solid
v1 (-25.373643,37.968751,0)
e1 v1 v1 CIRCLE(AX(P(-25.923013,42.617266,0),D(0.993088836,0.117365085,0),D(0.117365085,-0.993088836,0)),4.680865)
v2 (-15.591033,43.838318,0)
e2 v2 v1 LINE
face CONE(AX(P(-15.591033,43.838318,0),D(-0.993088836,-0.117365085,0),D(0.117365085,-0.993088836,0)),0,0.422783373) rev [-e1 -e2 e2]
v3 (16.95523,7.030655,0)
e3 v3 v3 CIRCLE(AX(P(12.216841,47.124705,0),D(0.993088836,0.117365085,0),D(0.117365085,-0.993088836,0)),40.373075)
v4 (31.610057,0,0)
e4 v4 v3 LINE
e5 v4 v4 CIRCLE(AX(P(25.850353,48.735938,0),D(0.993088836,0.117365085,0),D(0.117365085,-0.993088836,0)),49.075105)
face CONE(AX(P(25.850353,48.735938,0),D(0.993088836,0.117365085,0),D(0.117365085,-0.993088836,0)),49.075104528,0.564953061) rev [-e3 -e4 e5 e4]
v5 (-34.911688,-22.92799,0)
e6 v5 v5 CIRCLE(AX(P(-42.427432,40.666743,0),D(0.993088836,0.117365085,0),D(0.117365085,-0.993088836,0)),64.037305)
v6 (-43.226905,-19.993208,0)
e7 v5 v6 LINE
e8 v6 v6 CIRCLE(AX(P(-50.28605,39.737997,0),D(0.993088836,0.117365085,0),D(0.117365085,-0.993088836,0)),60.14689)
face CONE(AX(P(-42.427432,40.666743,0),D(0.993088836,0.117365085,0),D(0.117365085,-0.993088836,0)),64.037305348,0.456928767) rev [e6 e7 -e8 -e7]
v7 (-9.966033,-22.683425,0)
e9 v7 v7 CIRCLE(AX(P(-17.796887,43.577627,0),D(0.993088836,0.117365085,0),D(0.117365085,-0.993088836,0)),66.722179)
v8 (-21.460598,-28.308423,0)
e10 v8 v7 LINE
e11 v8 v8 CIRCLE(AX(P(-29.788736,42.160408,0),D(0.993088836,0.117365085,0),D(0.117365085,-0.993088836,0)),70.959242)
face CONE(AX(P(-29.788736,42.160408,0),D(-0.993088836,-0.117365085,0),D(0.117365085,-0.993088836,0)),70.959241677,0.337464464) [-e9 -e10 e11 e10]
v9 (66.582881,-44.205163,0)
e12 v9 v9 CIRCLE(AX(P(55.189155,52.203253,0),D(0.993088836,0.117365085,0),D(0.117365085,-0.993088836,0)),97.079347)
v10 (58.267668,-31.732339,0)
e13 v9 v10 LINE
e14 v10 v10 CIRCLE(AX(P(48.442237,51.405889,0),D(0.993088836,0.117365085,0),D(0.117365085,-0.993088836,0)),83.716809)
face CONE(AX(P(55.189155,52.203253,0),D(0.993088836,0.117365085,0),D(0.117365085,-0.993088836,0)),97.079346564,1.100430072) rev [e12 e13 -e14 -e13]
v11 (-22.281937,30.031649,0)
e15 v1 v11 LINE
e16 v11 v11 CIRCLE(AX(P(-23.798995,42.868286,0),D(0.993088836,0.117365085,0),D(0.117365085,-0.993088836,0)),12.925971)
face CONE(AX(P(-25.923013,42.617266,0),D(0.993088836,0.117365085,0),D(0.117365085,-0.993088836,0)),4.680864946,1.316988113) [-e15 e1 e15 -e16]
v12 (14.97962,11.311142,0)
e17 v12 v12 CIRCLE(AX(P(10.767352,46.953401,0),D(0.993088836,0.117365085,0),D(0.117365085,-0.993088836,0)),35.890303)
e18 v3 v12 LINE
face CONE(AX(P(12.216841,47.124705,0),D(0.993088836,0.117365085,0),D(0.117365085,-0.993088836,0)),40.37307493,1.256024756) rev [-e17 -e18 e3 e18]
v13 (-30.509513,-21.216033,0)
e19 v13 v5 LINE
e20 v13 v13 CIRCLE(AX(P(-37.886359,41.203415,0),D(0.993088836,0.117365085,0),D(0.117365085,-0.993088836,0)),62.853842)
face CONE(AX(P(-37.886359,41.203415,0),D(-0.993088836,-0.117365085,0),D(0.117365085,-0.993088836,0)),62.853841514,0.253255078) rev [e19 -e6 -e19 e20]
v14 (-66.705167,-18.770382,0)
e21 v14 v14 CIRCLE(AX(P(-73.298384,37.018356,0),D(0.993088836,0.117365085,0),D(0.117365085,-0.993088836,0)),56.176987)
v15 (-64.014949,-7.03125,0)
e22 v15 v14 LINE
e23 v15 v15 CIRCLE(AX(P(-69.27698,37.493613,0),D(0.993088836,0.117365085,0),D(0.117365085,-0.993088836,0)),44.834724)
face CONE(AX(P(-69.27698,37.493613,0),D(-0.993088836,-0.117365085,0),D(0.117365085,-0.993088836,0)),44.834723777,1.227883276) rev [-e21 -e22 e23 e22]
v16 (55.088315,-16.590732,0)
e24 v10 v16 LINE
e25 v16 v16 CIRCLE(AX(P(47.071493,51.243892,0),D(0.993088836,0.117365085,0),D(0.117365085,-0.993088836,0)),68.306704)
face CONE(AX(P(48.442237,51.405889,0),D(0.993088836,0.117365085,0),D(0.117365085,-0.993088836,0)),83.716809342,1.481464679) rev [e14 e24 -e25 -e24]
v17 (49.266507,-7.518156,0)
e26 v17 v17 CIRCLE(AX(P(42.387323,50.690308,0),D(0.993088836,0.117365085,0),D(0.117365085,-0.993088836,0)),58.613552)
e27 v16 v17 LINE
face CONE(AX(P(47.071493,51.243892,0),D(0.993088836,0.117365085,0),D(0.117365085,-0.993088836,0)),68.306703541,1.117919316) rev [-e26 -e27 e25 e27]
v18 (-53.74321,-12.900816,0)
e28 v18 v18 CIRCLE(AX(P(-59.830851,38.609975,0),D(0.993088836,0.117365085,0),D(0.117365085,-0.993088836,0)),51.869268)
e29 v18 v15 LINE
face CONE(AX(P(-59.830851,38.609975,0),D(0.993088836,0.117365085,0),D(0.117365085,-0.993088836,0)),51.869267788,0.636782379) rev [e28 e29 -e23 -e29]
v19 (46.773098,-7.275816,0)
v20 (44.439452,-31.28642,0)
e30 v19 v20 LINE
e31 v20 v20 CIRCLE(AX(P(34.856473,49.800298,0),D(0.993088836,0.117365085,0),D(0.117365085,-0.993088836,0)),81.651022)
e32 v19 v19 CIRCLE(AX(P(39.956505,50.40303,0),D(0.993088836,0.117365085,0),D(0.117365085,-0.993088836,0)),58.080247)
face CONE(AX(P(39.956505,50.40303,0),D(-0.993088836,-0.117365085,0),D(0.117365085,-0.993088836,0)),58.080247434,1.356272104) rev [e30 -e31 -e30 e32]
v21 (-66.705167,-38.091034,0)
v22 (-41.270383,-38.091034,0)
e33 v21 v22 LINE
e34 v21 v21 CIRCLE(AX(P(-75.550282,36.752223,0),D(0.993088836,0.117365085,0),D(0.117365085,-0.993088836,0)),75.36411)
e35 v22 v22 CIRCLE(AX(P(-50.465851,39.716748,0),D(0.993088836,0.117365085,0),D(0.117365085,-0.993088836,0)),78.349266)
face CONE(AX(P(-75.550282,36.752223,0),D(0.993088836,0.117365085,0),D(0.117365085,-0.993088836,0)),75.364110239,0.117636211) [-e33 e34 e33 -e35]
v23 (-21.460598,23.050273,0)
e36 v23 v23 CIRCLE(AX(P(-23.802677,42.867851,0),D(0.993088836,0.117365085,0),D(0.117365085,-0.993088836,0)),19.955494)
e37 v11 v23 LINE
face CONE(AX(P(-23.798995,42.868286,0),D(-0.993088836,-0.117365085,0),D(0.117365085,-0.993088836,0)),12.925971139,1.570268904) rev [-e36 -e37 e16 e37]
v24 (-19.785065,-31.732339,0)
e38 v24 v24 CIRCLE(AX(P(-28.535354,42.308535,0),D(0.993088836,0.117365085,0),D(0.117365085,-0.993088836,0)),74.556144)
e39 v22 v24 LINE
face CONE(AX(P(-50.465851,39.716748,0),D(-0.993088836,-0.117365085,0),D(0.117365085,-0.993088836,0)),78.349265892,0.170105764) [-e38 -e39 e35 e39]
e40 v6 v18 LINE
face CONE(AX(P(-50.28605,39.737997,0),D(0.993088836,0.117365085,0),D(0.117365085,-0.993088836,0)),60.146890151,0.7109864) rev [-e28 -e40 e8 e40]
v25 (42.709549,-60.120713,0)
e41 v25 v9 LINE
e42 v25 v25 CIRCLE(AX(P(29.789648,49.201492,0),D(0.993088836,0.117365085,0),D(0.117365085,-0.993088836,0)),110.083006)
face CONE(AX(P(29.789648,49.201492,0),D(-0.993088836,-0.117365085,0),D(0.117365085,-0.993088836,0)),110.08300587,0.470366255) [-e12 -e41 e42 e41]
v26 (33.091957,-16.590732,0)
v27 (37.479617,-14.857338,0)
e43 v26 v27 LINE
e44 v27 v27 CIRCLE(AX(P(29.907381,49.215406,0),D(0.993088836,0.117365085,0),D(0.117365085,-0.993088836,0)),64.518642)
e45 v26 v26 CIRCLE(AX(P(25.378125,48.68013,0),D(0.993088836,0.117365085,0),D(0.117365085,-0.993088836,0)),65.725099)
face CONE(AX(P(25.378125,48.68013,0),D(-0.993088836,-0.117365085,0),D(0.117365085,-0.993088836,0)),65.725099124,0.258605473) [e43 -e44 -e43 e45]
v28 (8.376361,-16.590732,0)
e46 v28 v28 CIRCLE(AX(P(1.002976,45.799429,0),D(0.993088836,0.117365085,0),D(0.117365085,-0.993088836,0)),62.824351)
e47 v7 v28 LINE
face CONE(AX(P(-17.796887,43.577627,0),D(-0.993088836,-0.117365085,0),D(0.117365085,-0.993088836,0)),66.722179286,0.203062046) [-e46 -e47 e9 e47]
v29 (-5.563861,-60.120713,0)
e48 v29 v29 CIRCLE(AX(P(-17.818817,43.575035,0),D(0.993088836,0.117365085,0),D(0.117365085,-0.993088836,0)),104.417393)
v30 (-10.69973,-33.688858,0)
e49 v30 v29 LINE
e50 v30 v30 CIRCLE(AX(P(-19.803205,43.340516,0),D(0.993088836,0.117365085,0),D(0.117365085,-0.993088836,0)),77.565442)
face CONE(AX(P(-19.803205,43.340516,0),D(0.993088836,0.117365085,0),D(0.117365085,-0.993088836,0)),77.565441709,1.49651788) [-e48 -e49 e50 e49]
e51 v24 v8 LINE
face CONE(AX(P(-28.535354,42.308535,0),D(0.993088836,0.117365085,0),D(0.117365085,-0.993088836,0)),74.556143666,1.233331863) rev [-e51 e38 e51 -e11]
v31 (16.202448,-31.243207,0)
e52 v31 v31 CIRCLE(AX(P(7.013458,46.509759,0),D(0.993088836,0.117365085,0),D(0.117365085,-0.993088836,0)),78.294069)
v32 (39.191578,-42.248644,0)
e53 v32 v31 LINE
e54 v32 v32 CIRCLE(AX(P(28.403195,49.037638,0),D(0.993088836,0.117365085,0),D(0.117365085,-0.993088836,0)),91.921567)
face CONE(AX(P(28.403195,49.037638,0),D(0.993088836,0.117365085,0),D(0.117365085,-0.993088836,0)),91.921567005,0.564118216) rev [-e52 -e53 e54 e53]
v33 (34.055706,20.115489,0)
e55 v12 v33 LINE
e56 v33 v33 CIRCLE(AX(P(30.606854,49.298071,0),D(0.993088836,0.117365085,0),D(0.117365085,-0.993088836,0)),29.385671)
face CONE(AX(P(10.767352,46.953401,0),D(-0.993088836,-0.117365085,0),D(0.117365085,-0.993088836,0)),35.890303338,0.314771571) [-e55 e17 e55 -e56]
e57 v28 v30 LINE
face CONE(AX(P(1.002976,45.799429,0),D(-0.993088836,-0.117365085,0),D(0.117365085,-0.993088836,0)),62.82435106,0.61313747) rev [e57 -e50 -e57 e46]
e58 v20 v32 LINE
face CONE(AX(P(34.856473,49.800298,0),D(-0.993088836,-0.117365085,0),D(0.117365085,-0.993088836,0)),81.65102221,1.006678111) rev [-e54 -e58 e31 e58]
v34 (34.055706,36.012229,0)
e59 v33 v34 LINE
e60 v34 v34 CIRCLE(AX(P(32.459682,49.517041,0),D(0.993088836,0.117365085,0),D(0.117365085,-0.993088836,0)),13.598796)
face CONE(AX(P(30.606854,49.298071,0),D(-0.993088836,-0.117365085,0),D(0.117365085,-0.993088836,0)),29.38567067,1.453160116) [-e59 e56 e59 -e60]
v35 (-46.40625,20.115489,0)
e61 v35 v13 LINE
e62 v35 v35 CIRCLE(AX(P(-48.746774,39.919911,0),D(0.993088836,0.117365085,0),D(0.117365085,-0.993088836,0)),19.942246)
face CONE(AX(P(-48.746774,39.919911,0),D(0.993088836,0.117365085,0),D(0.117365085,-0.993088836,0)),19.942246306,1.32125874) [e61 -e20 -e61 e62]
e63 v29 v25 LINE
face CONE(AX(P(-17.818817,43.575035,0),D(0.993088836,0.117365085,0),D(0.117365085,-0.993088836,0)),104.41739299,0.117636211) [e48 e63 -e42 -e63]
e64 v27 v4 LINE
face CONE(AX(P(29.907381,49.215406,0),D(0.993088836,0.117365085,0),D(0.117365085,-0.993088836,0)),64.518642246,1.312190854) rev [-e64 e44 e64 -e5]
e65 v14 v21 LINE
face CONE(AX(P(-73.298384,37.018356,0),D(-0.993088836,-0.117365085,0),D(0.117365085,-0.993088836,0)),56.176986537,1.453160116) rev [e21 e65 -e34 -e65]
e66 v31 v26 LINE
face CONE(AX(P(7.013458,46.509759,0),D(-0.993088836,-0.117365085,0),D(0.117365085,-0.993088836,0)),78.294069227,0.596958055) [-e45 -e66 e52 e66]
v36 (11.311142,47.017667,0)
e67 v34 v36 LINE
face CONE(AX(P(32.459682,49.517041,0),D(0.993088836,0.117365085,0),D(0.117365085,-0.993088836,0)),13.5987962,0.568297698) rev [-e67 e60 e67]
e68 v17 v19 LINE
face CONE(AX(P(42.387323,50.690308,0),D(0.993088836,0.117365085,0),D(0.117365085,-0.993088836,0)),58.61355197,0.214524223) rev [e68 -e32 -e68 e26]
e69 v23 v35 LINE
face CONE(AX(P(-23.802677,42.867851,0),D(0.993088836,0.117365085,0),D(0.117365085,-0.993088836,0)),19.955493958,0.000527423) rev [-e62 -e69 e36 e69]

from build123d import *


with BuildPart() as f1:
    # F0 (on Top) → F1 (revolve)
    with BuildSketch(Plane.XY):
        Polygon((-46.406250447, 20.1154891402), (-30.5095128715, -21.2160330266), (-34.9116884172, -22.9279901832), (-43.2269051671, -19.9932083488), (-53.7432096899, -12.9008162767), (-64.0149489045, -7.0312502794), (-66.7051672935, -18.7703818083), (-66.7051672935, -38.0910336971), (-41.2703827024, -38.0910336971), (-19.7850654535, -31.732339412), (-21.4605983347, -28.308423236), (-9.9660325795, -22.6834248751), (8.3763608709, -16.5907324904), (-10.6997303665, -33.6888581514), (-5.5638612248, -60.1207125871), (15.9578826278, -60.1207125871), (42.7095489145, -60.1207125871), (66.5828809142, -44.2051626742), (58.2676678896, -31.732339412), (55.0883151591, -16.5907324904), (49.2665074484, -7.5181558132), (46.7730984092, -7.2758155875), (44.4394518833, -31.2864202052), (39.1915775836, -42.2486439347), (16.2024479359, -31.2432069331), (33.0919572228, -16.5907324904), (37.4796167016, -14.8573378101), (31.6100567579, 0), (16.9552299565, 7.0306546103), (14.9796204641, 11.3111417741), (34.0557061136, 20.1154891402), (34.0557061136, 36.0122285783), (11.3111417741, 47.0176674426), (-15.5910328031, 43.8383184373), (-25.3736432642, 37.9687510431), (-22.2819369673, 30.0316486084), (-21.4605983347, 23.0502728373), align=None)
    revolve(axis=Axis((-2.1399455145, 45.4279929399, 0), (0.9930888363, 0.1173650849, 0)))


solid = f1.part
